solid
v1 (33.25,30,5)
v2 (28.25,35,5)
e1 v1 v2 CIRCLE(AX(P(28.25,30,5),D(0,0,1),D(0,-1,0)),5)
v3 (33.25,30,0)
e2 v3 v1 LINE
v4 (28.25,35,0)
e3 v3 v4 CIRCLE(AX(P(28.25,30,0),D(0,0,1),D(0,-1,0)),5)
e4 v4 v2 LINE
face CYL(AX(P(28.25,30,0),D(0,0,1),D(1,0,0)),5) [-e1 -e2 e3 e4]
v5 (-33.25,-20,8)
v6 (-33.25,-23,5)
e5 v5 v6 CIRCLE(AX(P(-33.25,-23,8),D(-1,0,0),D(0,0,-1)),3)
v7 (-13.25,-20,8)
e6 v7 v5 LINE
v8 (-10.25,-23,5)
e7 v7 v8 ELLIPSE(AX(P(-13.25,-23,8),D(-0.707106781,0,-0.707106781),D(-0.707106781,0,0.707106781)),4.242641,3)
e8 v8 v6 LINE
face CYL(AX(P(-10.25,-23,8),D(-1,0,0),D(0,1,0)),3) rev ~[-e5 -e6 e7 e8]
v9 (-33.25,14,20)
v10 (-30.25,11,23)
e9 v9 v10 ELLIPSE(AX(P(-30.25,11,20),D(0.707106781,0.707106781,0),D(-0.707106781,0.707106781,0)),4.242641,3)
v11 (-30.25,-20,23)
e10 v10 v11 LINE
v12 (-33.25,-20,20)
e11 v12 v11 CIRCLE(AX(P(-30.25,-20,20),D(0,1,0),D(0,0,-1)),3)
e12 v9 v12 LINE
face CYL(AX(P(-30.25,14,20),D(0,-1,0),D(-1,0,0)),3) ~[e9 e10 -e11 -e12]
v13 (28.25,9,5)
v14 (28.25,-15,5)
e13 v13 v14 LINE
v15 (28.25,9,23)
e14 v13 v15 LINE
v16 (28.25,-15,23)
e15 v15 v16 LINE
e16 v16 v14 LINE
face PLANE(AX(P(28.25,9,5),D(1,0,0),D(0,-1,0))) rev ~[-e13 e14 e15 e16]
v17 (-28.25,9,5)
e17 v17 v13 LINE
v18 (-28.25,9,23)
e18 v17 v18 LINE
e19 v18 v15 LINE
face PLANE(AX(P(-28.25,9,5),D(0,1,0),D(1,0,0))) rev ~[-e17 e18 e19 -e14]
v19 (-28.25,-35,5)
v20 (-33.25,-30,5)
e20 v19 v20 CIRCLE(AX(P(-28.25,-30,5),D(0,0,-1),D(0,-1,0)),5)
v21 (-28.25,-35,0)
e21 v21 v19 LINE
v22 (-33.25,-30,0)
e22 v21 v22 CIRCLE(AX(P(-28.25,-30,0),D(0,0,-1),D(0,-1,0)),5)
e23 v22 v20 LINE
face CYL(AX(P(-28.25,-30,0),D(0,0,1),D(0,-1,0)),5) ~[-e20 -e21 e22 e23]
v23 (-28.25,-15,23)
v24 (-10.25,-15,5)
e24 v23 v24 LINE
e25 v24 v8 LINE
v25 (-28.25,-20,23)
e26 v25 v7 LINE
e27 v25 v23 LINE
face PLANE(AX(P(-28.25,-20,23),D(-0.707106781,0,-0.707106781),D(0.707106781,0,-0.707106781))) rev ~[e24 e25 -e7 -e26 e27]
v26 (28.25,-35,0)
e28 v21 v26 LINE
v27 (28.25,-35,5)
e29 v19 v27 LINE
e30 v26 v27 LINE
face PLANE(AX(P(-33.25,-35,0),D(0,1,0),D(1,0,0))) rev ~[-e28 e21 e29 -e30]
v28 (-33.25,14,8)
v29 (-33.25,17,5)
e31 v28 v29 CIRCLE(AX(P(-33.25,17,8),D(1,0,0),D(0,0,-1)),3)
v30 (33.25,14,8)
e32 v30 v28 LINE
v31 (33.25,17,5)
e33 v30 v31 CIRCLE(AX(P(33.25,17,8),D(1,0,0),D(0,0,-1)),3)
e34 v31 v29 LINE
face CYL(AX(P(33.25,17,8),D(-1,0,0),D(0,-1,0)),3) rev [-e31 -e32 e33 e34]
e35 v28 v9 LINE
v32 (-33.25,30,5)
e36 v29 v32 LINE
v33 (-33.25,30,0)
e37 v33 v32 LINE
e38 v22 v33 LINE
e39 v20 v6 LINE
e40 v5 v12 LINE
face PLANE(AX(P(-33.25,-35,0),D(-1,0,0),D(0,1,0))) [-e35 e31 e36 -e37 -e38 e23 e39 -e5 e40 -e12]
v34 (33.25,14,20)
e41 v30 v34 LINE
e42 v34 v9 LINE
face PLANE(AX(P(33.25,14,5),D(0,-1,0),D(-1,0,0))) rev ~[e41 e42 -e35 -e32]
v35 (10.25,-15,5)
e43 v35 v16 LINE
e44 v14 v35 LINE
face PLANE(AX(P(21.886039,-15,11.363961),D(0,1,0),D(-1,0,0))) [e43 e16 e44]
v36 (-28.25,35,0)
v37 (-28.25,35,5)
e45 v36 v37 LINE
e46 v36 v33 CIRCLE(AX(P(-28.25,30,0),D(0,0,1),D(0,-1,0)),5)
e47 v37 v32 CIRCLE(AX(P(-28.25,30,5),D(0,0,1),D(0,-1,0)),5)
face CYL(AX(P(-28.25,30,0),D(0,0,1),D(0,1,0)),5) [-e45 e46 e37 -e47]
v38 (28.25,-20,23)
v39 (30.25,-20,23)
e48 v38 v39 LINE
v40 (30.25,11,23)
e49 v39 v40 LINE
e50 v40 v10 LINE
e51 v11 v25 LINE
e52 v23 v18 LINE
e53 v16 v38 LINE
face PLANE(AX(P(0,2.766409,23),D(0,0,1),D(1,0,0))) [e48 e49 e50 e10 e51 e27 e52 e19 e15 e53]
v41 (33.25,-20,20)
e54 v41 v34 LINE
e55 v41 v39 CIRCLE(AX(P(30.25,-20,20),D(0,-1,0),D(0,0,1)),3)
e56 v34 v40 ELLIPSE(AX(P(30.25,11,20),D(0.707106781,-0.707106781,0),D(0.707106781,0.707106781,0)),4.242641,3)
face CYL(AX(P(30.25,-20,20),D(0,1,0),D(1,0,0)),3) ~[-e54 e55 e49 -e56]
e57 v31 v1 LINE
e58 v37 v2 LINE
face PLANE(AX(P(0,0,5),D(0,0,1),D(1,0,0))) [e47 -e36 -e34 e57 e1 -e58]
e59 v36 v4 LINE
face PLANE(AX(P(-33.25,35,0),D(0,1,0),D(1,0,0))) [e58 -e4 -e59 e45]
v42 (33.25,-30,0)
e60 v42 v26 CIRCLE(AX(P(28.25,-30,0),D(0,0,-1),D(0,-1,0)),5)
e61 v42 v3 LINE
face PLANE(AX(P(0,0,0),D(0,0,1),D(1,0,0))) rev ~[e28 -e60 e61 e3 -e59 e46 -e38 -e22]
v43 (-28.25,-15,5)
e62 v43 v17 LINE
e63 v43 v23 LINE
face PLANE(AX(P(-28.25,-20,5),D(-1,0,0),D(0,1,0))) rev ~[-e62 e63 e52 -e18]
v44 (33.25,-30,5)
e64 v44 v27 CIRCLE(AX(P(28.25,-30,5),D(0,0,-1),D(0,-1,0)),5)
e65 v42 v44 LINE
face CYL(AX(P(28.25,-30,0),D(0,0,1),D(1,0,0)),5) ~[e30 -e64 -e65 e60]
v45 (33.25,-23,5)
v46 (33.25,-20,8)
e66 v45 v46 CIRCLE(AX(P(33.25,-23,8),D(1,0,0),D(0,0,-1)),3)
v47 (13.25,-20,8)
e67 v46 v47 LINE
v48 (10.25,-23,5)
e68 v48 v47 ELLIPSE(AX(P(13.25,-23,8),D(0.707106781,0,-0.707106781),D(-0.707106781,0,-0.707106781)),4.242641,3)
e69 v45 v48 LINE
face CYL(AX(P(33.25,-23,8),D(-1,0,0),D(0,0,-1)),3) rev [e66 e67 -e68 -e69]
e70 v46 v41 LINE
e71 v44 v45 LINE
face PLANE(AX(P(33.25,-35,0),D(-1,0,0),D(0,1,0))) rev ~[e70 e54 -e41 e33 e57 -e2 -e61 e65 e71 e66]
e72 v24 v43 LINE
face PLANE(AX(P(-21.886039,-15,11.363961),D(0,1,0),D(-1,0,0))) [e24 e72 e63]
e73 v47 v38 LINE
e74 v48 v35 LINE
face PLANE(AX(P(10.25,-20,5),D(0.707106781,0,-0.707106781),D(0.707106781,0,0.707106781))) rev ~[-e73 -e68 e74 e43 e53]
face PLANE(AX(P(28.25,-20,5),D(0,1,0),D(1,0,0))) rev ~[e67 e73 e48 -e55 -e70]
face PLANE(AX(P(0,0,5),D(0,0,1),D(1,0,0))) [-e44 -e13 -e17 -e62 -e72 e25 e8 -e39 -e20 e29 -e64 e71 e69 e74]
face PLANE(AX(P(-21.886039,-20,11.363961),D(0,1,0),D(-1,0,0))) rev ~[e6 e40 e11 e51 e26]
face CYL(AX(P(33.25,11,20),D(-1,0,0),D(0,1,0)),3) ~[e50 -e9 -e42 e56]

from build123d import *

# Parameters (mm, degrees)
SKETCH_W     = 66.5
SKETCH_H     = 70
PAD_DEPTH    = 5
PAD001_DEPTH = 18
PAD002_DEPTH = 5
FILLET_R     = 5
FILLET001_R  = 5
FILLET002_R  = 5
FILLET003_R  = 5
FILLET004_R  = 3
FILLET005_R  = 3
FILLET006_R  = 3


with BuildPart() as part:
    # Sketch → Pad (new body)
    with BuildSketch(Plane.XY):
        Rectangle(SKETCH_W, SKETCH_H)
    extrude(amount=PAD_DEPTH)

    # Sketch001 (on Face6 of Pad) → Pad001 (join)
    with BuildSketch(Plane.XY.offset(5)):
        Polygon((-28.25, -20), (-28.25, 9), (28.25, 9), (28.25, -20), (33.25, -20), (33.25, 14), (-33.25, 14), (-33.25, -20), align=None)
    extrude(amount=PAD001_DEPTH)

    # Sketch002 (on Face11 of Pad001) → Pad002 (join)
    with BuildSketch(Plane.XZ.offset(20)):
        Polygon((-28.25, 23), (-10.25, 5), (-28.25, 5), align=None)
        Polygon((10.25, 5), (28.25, 23), (28.25, 5), align=None)
    extrude(amount=-PAD002_DEPTH)

    # Fillet
    fillet_edges = [part.edges().sort_by_distance(p)[0] for p in [
        (33.25, -35, 2.5),
    ]]
    fillet(fillet_edges, radius=FILLET_R)

    # Fillet001
    fillet001_edges = [part.edges().sort_by_distance(p)[0] for p in [
        (-33.25, -35, 2.5),
    ]]
    fillet(fillet001_edges, radius=FILLET001_R)

    # Fillet002
    fillet002_edges = [part.edges().sort_by_distance(p)[0] for p in [
        (33.25, 35, 2.5),
    ]]
    fillet(fillet002_edges, radius=FILLET002_R)

    # Fillet003
    fillet003_edges = [part.edges().sort_by_distance(p)[0] for p in [
        (-33.25, 35, 2.5),
    ]]
    fillet(fillet003_edges, radius=FILLET003_R)

    # Fillet004
    fillet004_edges = [part.edges().sort_by_distance(p)[0] for p in [
        (33.25, -3, 23),
        (0, 14, 23),
        (-33.25, -3, 23),
    ]]
    fillet(fillet004_edges, radius=FILLET004_R)

    # Fillet005
    fillet005_edges = [part.edges().sort_by_distance(p)[0] for p in [
        (0, 14, 5),
    ]]
    fillet(fillet005_edges, radius=FILLET005_R)

    # Fillet006
    fillet006_edges = [part.edges().sort_by_distance(p)[0] for p in [
        (30.75, -20, 5),
        (-19.25, -20, 5),
        (-30.75, -20, 5),
        (19.25, -20, 5),
    ]]
    fillet(fillet006_edges, radius=FILLET006_R)


solid = part.part
